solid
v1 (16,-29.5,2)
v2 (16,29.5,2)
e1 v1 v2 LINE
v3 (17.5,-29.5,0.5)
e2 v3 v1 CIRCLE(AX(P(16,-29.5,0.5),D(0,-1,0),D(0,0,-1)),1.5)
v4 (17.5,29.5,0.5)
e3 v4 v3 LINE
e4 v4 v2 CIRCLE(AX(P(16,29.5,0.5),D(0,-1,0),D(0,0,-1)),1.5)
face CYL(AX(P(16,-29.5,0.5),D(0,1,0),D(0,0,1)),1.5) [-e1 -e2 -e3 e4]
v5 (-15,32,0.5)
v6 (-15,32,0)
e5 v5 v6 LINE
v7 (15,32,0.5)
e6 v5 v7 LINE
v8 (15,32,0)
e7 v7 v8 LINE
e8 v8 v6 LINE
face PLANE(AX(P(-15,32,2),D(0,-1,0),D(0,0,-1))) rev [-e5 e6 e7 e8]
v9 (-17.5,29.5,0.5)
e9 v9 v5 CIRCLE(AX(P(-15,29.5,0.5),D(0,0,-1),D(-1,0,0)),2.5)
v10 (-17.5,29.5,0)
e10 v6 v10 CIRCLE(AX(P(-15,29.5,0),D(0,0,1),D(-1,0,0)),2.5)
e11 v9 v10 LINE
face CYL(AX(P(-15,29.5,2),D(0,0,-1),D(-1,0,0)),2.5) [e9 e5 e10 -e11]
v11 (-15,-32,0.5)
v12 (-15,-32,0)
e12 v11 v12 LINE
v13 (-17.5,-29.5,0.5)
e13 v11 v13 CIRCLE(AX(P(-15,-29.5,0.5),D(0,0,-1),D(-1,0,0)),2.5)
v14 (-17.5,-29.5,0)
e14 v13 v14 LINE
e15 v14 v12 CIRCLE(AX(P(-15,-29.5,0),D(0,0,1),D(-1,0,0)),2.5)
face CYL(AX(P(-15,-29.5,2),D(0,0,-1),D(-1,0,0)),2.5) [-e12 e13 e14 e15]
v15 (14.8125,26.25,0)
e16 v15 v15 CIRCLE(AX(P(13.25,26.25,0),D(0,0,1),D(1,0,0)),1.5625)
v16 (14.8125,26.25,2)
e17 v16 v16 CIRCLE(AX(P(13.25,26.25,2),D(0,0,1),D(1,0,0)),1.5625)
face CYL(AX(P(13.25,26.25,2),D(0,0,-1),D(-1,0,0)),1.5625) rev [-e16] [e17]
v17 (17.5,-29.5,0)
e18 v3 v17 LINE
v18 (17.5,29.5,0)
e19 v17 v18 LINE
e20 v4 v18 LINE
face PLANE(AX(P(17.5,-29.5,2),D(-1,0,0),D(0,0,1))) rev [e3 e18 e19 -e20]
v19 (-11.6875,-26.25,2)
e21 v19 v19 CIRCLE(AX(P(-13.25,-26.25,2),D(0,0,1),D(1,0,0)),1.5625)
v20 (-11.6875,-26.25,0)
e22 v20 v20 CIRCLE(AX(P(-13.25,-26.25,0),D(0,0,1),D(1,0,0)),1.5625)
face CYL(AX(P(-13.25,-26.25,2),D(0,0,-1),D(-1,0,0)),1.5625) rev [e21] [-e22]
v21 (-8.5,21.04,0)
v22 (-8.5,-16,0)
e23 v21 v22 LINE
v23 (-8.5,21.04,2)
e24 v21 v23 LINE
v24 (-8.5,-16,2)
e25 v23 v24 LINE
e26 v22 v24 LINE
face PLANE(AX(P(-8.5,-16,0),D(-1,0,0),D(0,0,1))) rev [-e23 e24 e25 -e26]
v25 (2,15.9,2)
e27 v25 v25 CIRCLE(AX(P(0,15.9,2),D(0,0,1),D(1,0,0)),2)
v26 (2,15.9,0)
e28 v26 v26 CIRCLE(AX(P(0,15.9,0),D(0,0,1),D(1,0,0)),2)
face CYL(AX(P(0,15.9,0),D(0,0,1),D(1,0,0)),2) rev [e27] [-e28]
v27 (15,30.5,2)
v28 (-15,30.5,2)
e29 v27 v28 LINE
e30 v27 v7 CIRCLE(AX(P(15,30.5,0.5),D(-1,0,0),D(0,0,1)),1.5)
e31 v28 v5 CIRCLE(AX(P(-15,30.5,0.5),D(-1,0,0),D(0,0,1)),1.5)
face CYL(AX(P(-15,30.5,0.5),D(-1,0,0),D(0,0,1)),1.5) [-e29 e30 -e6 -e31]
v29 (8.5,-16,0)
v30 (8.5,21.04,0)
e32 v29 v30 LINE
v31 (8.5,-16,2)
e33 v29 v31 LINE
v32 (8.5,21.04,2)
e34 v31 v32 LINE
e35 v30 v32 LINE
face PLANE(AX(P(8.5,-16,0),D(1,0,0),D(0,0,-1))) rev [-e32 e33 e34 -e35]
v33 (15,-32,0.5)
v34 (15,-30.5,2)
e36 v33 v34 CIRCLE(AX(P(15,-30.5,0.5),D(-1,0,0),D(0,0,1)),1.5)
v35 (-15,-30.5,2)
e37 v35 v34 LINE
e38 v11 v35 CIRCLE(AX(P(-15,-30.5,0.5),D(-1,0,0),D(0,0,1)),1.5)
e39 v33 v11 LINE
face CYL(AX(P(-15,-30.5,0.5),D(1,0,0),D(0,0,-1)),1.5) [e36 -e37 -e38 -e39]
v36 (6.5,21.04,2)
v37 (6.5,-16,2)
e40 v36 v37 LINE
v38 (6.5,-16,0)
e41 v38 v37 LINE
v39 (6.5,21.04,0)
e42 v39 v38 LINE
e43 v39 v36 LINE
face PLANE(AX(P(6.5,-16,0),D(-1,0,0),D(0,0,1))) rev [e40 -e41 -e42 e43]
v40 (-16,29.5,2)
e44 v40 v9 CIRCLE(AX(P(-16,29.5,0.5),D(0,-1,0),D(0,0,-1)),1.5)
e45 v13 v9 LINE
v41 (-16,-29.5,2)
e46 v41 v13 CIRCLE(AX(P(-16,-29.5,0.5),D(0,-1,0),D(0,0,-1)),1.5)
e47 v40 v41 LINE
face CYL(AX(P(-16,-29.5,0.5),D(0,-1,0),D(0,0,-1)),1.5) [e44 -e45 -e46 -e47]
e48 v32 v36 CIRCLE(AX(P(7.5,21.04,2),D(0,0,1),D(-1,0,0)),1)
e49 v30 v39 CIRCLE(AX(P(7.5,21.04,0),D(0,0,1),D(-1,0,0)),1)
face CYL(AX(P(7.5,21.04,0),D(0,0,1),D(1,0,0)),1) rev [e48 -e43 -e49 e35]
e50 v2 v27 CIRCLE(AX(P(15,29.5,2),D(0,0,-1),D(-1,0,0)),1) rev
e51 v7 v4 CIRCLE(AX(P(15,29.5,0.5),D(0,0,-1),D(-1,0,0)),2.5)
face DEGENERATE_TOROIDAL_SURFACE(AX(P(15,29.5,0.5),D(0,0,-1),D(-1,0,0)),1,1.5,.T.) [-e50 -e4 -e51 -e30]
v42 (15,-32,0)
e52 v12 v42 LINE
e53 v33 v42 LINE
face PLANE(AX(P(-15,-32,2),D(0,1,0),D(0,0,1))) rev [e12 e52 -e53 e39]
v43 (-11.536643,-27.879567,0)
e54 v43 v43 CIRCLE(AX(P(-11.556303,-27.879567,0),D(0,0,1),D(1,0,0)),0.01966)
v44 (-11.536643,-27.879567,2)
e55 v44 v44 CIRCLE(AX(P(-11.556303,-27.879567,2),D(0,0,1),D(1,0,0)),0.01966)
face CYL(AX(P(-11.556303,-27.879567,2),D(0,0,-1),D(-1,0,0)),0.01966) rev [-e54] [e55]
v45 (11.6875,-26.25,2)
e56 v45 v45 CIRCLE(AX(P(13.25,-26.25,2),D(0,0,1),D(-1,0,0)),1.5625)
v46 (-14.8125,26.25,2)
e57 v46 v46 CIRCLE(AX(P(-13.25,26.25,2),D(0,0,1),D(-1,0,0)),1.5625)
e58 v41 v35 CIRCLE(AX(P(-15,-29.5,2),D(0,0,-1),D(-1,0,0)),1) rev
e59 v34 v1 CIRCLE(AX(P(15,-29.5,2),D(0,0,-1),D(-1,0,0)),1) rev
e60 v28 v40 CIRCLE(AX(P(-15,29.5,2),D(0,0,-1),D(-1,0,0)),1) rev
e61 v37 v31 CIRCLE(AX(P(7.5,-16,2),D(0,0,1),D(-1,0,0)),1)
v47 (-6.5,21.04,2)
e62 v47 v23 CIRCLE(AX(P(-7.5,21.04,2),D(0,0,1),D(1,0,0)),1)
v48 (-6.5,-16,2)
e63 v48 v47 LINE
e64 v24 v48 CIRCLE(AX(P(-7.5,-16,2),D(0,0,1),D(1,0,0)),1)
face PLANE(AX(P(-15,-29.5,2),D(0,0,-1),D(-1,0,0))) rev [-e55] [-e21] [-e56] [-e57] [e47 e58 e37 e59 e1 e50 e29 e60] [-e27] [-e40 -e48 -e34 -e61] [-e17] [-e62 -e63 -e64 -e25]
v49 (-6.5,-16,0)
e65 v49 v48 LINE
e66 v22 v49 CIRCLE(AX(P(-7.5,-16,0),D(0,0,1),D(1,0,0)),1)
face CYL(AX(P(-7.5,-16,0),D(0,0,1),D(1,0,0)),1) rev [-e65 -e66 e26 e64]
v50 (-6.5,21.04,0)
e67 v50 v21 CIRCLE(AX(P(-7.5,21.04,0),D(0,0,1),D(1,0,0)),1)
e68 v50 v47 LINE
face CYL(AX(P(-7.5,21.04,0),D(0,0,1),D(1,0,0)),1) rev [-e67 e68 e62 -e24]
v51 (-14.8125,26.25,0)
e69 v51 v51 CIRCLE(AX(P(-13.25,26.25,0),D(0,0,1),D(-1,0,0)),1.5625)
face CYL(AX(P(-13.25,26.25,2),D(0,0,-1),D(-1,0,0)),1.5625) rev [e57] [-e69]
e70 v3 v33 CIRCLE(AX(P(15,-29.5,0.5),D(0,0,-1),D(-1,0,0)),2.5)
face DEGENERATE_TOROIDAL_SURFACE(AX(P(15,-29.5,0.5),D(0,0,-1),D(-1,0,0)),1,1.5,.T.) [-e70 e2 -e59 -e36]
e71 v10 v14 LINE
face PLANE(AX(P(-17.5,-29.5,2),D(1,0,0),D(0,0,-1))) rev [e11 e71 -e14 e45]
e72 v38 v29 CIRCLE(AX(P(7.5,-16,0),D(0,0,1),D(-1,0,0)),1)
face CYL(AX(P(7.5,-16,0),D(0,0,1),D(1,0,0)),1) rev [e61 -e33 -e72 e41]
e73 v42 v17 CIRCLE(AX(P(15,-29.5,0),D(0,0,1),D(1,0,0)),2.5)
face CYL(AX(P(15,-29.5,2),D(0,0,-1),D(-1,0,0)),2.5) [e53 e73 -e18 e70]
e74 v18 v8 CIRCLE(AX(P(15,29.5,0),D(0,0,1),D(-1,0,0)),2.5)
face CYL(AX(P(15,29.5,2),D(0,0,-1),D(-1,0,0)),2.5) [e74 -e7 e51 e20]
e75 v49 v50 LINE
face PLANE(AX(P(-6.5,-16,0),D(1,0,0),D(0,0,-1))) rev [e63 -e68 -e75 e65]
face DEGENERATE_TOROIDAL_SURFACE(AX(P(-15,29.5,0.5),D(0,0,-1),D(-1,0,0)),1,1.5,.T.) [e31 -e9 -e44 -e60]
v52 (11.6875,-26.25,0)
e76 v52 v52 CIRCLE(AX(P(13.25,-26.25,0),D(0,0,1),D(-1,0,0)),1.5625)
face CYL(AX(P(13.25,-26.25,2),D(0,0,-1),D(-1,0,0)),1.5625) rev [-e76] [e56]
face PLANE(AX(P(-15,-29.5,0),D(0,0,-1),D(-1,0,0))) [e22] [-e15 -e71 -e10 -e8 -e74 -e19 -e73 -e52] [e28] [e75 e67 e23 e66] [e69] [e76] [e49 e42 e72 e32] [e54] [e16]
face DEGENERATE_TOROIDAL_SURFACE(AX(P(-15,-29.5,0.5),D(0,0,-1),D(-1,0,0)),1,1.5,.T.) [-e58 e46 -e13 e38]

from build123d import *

# Parameters (mm, degrees)
SKETCH1_R           = 0.019660033
SKETCH1_R_2         = 1.5625
BOSS_EXTRUDE1_DEPTH = 2
FILLET1_R           = 1.5
SKETCH3_R           = 2
CUT_EXTRUDE2_DEPTH  = 37.527386986
CUT_EXTRUDE3_DEPTH  = 37.527386986


with BuildPart() as part:
    # Sketch1 → Boss-Extrude1 (new body)
    with BuildSketch(Plane.XY):
        with BuildLine():
            Line((-15, -32), (15, -32))
            ThreePointArc((15, -32), (16.767766953, -31.267766953), (17.5, -29.5))
            Line((17.5, -29.5), (17.5, 29.5))
            ThreePointArc((17.5, 29.5), (16.767766953, 31.267766953), (15, 32))
            Line((15, 32), (-15, 32))
            ThreePointArc((-15, 32), (-16.767766953, 31.267766953), (-17.5, 29.5))
            Line((-17.5, 29.5), (-17.5, -29.5))
            ThreePointArc((-17.5, -29.5), (-16.767766953, -31.267766953), (-15, -32))
        make_face()
        with Locations((-11.556302767, -27.879566704)):
            Circle(SKETCH1_R, mode=Mode.SUBTRACT)
        with Locations((-13.25, -26.25)):
            Circle(SKETCH1_R_2, mode=Mode.SUBTRACT)
        with Locations(Location((-13.25, 26.25, 0), (0, 0, 180))):
            Circle(SKETCH1_R_2, mode=Mode.SUBTRACT)
        with Locations(Location((13.25, -26.25, 0), (0, 0, 180))):
            Circle(SKETCH1_R_2, mode=Mode.SUBTRACT)
        with Locations((13.25, 26.25)):
            Circle(SKETCH1_R_2, mode=Mode.SUBTRACT)
    extrude(amount=BOSS_EXTRUDE1_DEPTH)

    # Fillet1
    fillet1_edges = [part.edges().sort_by_distance(p)[0] for p in [
        (16.767766953, -31.267766953, 2),
        (17.5, 0, 2),
        (16.767766953, 31.267766953, 2),
        (0, 32, 2),
        (-16.767766953, 31.267766953, 2),
        (-17.5, 0, 2),
        (-16.767766953, -31.267766953, 2),
        (0, -32, 2),
    ]]
    fillet(fillet1_edges, radius=FILLET1_R)

    # Sketch3 → Cut-Extrude2 (cut, through all)
    with BuildSketch(Plane.XY.offset(2)):
        with Locations((0, 15.9)):
            Circle(SKETCH3_R)
    extrude(amount=-CUT_EXTRUDE2_DEPTH, mode=Mode.SUBTRACT)

    # Sketch2 → Cut-Extrude3 (cut, through all)
    with BuildSketch(Plane.XY.offset(2)):
        with BuildLine():
            Line((-8.5, -16), (-8.5, 21.04))
            ThreePointArc((-8.5, 21.04), (-7.5, 22.04), (-6.5, 21.04))
            Line((-6.5, 21.04), (-6.5, -16))
            ThreePointArc((-6.5, -16), (-7.5, -17), (-8.5, -16))
        make_face()
        with BuildLine():
            Line((8.5, -16), (8.5, 21.04))
            ThreePointArc((8.5, 21.04), (7.5, 22.04), (6.5, 21.04))
            Line((6.5, 21.04), (6.5, -16))
            ThreePointArc((6.5, -16), (7.5, -17), (8.5, -16))
        make_face()
    extrude(amount=-CUT_EXTRUDE3_DEPTH, mode=Mode.SUBTRACT)


solid = part.part
